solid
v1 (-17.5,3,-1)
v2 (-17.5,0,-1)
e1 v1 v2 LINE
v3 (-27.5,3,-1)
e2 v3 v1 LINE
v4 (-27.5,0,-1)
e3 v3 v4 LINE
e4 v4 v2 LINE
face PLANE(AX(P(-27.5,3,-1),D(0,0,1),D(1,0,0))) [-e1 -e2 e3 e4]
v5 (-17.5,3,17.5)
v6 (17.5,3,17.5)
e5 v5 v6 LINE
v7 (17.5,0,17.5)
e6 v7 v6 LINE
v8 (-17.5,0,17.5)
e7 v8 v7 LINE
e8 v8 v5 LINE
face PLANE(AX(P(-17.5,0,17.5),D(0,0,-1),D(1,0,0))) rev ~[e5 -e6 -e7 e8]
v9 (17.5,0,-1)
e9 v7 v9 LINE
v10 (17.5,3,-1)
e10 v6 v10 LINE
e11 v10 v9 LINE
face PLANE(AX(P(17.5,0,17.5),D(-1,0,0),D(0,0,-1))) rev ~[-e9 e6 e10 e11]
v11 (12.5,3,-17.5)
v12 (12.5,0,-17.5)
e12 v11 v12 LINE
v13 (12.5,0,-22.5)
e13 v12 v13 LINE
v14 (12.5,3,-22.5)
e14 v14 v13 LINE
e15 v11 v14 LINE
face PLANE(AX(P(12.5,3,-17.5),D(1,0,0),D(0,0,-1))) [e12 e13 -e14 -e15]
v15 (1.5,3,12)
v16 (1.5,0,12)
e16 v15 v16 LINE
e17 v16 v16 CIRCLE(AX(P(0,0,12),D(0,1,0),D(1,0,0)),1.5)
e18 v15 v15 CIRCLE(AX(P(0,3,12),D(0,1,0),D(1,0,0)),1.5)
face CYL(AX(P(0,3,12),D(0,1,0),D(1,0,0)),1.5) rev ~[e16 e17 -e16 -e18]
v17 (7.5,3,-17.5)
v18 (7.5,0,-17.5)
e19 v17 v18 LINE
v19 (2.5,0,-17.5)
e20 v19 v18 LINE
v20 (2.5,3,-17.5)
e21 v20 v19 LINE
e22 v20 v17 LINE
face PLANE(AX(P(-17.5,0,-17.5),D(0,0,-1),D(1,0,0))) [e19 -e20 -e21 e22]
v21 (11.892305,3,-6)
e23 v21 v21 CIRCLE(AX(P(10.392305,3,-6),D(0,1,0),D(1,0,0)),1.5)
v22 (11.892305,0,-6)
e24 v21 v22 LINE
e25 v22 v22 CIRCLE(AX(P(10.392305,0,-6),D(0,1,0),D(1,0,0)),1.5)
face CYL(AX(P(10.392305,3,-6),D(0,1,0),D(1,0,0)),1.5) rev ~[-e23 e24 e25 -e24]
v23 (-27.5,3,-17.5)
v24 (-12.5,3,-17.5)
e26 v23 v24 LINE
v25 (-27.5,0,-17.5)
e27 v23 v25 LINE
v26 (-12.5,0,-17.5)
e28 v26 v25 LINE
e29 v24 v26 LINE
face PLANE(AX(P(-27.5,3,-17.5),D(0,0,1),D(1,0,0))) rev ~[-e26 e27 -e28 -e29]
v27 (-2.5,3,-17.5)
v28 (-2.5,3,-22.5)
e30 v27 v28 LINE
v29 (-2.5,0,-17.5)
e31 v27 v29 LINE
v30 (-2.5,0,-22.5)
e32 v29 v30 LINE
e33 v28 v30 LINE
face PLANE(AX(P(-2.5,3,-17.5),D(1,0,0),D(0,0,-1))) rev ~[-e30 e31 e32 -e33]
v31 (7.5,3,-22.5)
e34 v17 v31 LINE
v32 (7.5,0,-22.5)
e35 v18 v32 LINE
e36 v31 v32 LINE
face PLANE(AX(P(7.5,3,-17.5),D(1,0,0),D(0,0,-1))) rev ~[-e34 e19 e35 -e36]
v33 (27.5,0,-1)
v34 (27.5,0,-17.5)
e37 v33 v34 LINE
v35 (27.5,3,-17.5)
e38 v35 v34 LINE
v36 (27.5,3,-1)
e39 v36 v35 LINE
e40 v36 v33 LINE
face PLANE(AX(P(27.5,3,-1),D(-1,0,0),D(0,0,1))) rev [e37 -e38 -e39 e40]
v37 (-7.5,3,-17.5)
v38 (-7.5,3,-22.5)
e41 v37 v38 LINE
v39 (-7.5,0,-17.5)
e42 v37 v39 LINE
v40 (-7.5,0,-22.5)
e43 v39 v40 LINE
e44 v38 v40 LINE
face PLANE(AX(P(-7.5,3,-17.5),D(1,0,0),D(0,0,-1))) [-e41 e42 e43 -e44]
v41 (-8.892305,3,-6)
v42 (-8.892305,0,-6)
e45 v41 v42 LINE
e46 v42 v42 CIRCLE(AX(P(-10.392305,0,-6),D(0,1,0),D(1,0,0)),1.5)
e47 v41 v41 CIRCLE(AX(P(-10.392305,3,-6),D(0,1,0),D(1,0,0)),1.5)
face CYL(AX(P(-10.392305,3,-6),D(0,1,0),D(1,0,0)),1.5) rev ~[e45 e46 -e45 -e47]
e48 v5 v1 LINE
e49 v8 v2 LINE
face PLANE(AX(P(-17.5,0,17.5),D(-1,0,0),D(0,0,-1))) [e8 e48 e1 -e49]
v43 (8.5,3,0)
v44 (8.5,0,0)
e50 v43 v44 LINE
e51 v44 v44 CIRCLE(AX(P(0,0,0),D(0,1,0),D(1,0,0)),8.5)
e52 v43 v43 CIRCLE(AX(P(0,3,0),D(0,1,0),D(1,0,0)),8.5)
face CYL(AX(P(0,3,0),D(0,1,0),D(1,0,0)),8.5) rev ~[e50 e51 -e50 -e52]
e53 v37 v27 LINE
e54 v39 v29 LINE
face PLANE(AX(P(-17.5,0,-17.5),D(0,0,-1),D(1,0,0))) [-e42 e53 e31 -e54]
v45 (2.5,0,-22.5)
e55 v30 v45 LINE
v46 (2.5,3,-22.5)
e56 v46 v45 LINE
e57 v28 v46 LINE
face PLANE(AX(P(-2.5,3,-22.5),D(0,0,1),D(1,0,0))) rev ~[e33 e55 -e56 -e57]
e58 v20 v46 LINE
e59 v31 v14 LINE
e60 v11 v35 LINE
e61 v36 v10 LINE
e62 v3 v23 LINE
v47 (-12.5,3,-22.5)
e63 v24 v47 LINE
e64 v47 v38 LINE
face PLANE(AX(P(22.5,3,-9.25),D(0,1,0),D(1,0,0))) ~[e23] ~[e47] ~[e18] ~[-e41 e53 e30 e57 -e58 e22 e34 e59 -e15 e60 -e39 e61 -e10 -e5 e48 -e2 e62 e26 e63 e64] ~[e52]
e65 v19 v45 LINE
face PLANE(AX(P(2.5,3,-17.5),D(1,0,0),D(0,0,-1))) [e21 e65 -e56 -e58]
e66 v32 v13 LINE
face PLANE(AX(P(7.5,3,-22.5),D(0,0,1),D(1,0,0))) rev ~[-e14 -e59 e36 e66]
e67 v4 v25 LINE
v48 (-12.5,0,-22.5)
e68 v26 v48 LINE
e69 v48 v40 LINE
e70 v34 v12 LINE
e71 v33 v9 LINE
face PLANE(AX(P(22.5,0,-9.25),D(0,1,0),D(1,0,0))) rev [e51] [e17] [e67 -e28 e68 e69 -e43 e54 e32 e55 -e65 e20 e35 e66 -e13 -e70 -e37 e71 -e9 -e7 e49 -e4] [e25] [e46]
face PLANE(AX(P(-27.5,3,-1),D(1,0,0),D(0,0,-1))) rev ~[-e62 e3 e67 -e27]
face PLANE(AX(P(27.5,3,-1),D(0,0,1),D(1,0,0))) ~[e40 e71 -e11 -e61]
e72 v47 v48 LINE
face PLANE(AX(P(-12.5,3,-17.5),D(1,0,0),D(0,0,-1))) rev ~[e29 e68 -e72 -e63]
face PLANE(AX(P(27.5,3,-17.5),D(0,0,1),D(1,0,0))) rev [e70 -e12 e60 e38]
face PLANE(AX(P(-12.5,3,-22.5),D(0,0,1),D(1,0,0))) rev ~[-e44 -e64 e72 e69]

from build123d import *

# Parameters (mm, degrees)
ESQUISSE1_W                = 35
ESQUISSE1_H                = 35
BOSS_EXTRU_1_DEPTH         = 3
ESQUISSE2_W                = 5
ESQUISSE2_H                = 5
BOSS_EXTRU_2_DEPTH         = 3
R_P_TITION_LIN_AIRE1_COUNT = 3
R_P_TITION_LIN_AIRE1_PITCH = 10
ESQUISSE3_R                = 8.5
ESQUISSE3_R_2              = 1.5
ENL_V_MAT_EXTRU_1_DEPTH    = 5
ESQUISSE4_W                = 10
ESQUISSE4_H                = 16.5
BOSS_EXTRU_3_DEPTH         = 3


with BuildPart() as part:
    # Esquisse1 → Boss.-Extru.1 (new body)
    with BuildSketch(Plane(origin=(0, 0, 0), x_dir=(1, 0, 0), z_dir=(0, 1, 0))):
        Rectangle(ESQUISSE1_W, ESQUISSE1_H)
    extrude(amount=BOSS_EXTRU_1_DEPTH)

    # Esquisse2 → Boss.-Extru.2 (add)
    with BuildSketch(Plane(origin=(0, 3, 0), x_dir=(1, 0, 0), z_dir=(0, 1, 0))):
        with Locations((-10, 20)):
            Rectangle(ESQUISSE2_W, ESQUISSE2_H)
    boss_extru_2 = extrude(amount=-BOSS_EXTRU_2_DEPTH)

    # Répétition linéaire1: Boss.-Extru.2 ×3
    with Locations(*[(i * R_P_TITION_LIN_AIRE1_PITCH, 0, 0) for i in range(1, R_P_TITION_LIN_AIRE1_COUNT)]):
        add(boss_extru_2)

    # Esquisse3 → Enlèv. mat.-Extru.1 (cut)
    with BuildSketch(Plane(origin=(0, 3, 0), x_dir=(1, 0, 0), z_dir=(0, 1, 0))):
        Circle(ESQUISSE3_R)
        with Locations((0, -12)):
            Circle(ESQUISSE3_R_2)
        with Locations((-10.392304845, 6)):
            Circle(ESQUISSE3_R_2)
        with Locations((10.392304845, 6)):
            Circle(ESQUISSE3_R_2)
    extrude(amount=-ENL_V_MAT_EXTRU_1_DEPTH, mode=Mode.SUBTRACT)

    # Esquisse4 → Boss.-Extru.3 (add)
    with BuildSketch(Plane(origin=(0, 3, 0), x_dir=(1, 0, 0), z_dir=(0, 1, 0))):
        with Locations((-22.5, 9.25)):
            Rectangle(ESQUISSE4_W, ESQUISSE4_H)
    boss_extru_3 = extrude(amount=-BOSS_EXTRU_3_DEPTH)

    # Symétrie1: Boss.-Extru.3 across plane
    add(boss_extru_3.mirror(Plane(origin=(0, 0, 0), x_dir=(0, 0, 1), z_dir=(1, 0, 0))))


solid = part.part
